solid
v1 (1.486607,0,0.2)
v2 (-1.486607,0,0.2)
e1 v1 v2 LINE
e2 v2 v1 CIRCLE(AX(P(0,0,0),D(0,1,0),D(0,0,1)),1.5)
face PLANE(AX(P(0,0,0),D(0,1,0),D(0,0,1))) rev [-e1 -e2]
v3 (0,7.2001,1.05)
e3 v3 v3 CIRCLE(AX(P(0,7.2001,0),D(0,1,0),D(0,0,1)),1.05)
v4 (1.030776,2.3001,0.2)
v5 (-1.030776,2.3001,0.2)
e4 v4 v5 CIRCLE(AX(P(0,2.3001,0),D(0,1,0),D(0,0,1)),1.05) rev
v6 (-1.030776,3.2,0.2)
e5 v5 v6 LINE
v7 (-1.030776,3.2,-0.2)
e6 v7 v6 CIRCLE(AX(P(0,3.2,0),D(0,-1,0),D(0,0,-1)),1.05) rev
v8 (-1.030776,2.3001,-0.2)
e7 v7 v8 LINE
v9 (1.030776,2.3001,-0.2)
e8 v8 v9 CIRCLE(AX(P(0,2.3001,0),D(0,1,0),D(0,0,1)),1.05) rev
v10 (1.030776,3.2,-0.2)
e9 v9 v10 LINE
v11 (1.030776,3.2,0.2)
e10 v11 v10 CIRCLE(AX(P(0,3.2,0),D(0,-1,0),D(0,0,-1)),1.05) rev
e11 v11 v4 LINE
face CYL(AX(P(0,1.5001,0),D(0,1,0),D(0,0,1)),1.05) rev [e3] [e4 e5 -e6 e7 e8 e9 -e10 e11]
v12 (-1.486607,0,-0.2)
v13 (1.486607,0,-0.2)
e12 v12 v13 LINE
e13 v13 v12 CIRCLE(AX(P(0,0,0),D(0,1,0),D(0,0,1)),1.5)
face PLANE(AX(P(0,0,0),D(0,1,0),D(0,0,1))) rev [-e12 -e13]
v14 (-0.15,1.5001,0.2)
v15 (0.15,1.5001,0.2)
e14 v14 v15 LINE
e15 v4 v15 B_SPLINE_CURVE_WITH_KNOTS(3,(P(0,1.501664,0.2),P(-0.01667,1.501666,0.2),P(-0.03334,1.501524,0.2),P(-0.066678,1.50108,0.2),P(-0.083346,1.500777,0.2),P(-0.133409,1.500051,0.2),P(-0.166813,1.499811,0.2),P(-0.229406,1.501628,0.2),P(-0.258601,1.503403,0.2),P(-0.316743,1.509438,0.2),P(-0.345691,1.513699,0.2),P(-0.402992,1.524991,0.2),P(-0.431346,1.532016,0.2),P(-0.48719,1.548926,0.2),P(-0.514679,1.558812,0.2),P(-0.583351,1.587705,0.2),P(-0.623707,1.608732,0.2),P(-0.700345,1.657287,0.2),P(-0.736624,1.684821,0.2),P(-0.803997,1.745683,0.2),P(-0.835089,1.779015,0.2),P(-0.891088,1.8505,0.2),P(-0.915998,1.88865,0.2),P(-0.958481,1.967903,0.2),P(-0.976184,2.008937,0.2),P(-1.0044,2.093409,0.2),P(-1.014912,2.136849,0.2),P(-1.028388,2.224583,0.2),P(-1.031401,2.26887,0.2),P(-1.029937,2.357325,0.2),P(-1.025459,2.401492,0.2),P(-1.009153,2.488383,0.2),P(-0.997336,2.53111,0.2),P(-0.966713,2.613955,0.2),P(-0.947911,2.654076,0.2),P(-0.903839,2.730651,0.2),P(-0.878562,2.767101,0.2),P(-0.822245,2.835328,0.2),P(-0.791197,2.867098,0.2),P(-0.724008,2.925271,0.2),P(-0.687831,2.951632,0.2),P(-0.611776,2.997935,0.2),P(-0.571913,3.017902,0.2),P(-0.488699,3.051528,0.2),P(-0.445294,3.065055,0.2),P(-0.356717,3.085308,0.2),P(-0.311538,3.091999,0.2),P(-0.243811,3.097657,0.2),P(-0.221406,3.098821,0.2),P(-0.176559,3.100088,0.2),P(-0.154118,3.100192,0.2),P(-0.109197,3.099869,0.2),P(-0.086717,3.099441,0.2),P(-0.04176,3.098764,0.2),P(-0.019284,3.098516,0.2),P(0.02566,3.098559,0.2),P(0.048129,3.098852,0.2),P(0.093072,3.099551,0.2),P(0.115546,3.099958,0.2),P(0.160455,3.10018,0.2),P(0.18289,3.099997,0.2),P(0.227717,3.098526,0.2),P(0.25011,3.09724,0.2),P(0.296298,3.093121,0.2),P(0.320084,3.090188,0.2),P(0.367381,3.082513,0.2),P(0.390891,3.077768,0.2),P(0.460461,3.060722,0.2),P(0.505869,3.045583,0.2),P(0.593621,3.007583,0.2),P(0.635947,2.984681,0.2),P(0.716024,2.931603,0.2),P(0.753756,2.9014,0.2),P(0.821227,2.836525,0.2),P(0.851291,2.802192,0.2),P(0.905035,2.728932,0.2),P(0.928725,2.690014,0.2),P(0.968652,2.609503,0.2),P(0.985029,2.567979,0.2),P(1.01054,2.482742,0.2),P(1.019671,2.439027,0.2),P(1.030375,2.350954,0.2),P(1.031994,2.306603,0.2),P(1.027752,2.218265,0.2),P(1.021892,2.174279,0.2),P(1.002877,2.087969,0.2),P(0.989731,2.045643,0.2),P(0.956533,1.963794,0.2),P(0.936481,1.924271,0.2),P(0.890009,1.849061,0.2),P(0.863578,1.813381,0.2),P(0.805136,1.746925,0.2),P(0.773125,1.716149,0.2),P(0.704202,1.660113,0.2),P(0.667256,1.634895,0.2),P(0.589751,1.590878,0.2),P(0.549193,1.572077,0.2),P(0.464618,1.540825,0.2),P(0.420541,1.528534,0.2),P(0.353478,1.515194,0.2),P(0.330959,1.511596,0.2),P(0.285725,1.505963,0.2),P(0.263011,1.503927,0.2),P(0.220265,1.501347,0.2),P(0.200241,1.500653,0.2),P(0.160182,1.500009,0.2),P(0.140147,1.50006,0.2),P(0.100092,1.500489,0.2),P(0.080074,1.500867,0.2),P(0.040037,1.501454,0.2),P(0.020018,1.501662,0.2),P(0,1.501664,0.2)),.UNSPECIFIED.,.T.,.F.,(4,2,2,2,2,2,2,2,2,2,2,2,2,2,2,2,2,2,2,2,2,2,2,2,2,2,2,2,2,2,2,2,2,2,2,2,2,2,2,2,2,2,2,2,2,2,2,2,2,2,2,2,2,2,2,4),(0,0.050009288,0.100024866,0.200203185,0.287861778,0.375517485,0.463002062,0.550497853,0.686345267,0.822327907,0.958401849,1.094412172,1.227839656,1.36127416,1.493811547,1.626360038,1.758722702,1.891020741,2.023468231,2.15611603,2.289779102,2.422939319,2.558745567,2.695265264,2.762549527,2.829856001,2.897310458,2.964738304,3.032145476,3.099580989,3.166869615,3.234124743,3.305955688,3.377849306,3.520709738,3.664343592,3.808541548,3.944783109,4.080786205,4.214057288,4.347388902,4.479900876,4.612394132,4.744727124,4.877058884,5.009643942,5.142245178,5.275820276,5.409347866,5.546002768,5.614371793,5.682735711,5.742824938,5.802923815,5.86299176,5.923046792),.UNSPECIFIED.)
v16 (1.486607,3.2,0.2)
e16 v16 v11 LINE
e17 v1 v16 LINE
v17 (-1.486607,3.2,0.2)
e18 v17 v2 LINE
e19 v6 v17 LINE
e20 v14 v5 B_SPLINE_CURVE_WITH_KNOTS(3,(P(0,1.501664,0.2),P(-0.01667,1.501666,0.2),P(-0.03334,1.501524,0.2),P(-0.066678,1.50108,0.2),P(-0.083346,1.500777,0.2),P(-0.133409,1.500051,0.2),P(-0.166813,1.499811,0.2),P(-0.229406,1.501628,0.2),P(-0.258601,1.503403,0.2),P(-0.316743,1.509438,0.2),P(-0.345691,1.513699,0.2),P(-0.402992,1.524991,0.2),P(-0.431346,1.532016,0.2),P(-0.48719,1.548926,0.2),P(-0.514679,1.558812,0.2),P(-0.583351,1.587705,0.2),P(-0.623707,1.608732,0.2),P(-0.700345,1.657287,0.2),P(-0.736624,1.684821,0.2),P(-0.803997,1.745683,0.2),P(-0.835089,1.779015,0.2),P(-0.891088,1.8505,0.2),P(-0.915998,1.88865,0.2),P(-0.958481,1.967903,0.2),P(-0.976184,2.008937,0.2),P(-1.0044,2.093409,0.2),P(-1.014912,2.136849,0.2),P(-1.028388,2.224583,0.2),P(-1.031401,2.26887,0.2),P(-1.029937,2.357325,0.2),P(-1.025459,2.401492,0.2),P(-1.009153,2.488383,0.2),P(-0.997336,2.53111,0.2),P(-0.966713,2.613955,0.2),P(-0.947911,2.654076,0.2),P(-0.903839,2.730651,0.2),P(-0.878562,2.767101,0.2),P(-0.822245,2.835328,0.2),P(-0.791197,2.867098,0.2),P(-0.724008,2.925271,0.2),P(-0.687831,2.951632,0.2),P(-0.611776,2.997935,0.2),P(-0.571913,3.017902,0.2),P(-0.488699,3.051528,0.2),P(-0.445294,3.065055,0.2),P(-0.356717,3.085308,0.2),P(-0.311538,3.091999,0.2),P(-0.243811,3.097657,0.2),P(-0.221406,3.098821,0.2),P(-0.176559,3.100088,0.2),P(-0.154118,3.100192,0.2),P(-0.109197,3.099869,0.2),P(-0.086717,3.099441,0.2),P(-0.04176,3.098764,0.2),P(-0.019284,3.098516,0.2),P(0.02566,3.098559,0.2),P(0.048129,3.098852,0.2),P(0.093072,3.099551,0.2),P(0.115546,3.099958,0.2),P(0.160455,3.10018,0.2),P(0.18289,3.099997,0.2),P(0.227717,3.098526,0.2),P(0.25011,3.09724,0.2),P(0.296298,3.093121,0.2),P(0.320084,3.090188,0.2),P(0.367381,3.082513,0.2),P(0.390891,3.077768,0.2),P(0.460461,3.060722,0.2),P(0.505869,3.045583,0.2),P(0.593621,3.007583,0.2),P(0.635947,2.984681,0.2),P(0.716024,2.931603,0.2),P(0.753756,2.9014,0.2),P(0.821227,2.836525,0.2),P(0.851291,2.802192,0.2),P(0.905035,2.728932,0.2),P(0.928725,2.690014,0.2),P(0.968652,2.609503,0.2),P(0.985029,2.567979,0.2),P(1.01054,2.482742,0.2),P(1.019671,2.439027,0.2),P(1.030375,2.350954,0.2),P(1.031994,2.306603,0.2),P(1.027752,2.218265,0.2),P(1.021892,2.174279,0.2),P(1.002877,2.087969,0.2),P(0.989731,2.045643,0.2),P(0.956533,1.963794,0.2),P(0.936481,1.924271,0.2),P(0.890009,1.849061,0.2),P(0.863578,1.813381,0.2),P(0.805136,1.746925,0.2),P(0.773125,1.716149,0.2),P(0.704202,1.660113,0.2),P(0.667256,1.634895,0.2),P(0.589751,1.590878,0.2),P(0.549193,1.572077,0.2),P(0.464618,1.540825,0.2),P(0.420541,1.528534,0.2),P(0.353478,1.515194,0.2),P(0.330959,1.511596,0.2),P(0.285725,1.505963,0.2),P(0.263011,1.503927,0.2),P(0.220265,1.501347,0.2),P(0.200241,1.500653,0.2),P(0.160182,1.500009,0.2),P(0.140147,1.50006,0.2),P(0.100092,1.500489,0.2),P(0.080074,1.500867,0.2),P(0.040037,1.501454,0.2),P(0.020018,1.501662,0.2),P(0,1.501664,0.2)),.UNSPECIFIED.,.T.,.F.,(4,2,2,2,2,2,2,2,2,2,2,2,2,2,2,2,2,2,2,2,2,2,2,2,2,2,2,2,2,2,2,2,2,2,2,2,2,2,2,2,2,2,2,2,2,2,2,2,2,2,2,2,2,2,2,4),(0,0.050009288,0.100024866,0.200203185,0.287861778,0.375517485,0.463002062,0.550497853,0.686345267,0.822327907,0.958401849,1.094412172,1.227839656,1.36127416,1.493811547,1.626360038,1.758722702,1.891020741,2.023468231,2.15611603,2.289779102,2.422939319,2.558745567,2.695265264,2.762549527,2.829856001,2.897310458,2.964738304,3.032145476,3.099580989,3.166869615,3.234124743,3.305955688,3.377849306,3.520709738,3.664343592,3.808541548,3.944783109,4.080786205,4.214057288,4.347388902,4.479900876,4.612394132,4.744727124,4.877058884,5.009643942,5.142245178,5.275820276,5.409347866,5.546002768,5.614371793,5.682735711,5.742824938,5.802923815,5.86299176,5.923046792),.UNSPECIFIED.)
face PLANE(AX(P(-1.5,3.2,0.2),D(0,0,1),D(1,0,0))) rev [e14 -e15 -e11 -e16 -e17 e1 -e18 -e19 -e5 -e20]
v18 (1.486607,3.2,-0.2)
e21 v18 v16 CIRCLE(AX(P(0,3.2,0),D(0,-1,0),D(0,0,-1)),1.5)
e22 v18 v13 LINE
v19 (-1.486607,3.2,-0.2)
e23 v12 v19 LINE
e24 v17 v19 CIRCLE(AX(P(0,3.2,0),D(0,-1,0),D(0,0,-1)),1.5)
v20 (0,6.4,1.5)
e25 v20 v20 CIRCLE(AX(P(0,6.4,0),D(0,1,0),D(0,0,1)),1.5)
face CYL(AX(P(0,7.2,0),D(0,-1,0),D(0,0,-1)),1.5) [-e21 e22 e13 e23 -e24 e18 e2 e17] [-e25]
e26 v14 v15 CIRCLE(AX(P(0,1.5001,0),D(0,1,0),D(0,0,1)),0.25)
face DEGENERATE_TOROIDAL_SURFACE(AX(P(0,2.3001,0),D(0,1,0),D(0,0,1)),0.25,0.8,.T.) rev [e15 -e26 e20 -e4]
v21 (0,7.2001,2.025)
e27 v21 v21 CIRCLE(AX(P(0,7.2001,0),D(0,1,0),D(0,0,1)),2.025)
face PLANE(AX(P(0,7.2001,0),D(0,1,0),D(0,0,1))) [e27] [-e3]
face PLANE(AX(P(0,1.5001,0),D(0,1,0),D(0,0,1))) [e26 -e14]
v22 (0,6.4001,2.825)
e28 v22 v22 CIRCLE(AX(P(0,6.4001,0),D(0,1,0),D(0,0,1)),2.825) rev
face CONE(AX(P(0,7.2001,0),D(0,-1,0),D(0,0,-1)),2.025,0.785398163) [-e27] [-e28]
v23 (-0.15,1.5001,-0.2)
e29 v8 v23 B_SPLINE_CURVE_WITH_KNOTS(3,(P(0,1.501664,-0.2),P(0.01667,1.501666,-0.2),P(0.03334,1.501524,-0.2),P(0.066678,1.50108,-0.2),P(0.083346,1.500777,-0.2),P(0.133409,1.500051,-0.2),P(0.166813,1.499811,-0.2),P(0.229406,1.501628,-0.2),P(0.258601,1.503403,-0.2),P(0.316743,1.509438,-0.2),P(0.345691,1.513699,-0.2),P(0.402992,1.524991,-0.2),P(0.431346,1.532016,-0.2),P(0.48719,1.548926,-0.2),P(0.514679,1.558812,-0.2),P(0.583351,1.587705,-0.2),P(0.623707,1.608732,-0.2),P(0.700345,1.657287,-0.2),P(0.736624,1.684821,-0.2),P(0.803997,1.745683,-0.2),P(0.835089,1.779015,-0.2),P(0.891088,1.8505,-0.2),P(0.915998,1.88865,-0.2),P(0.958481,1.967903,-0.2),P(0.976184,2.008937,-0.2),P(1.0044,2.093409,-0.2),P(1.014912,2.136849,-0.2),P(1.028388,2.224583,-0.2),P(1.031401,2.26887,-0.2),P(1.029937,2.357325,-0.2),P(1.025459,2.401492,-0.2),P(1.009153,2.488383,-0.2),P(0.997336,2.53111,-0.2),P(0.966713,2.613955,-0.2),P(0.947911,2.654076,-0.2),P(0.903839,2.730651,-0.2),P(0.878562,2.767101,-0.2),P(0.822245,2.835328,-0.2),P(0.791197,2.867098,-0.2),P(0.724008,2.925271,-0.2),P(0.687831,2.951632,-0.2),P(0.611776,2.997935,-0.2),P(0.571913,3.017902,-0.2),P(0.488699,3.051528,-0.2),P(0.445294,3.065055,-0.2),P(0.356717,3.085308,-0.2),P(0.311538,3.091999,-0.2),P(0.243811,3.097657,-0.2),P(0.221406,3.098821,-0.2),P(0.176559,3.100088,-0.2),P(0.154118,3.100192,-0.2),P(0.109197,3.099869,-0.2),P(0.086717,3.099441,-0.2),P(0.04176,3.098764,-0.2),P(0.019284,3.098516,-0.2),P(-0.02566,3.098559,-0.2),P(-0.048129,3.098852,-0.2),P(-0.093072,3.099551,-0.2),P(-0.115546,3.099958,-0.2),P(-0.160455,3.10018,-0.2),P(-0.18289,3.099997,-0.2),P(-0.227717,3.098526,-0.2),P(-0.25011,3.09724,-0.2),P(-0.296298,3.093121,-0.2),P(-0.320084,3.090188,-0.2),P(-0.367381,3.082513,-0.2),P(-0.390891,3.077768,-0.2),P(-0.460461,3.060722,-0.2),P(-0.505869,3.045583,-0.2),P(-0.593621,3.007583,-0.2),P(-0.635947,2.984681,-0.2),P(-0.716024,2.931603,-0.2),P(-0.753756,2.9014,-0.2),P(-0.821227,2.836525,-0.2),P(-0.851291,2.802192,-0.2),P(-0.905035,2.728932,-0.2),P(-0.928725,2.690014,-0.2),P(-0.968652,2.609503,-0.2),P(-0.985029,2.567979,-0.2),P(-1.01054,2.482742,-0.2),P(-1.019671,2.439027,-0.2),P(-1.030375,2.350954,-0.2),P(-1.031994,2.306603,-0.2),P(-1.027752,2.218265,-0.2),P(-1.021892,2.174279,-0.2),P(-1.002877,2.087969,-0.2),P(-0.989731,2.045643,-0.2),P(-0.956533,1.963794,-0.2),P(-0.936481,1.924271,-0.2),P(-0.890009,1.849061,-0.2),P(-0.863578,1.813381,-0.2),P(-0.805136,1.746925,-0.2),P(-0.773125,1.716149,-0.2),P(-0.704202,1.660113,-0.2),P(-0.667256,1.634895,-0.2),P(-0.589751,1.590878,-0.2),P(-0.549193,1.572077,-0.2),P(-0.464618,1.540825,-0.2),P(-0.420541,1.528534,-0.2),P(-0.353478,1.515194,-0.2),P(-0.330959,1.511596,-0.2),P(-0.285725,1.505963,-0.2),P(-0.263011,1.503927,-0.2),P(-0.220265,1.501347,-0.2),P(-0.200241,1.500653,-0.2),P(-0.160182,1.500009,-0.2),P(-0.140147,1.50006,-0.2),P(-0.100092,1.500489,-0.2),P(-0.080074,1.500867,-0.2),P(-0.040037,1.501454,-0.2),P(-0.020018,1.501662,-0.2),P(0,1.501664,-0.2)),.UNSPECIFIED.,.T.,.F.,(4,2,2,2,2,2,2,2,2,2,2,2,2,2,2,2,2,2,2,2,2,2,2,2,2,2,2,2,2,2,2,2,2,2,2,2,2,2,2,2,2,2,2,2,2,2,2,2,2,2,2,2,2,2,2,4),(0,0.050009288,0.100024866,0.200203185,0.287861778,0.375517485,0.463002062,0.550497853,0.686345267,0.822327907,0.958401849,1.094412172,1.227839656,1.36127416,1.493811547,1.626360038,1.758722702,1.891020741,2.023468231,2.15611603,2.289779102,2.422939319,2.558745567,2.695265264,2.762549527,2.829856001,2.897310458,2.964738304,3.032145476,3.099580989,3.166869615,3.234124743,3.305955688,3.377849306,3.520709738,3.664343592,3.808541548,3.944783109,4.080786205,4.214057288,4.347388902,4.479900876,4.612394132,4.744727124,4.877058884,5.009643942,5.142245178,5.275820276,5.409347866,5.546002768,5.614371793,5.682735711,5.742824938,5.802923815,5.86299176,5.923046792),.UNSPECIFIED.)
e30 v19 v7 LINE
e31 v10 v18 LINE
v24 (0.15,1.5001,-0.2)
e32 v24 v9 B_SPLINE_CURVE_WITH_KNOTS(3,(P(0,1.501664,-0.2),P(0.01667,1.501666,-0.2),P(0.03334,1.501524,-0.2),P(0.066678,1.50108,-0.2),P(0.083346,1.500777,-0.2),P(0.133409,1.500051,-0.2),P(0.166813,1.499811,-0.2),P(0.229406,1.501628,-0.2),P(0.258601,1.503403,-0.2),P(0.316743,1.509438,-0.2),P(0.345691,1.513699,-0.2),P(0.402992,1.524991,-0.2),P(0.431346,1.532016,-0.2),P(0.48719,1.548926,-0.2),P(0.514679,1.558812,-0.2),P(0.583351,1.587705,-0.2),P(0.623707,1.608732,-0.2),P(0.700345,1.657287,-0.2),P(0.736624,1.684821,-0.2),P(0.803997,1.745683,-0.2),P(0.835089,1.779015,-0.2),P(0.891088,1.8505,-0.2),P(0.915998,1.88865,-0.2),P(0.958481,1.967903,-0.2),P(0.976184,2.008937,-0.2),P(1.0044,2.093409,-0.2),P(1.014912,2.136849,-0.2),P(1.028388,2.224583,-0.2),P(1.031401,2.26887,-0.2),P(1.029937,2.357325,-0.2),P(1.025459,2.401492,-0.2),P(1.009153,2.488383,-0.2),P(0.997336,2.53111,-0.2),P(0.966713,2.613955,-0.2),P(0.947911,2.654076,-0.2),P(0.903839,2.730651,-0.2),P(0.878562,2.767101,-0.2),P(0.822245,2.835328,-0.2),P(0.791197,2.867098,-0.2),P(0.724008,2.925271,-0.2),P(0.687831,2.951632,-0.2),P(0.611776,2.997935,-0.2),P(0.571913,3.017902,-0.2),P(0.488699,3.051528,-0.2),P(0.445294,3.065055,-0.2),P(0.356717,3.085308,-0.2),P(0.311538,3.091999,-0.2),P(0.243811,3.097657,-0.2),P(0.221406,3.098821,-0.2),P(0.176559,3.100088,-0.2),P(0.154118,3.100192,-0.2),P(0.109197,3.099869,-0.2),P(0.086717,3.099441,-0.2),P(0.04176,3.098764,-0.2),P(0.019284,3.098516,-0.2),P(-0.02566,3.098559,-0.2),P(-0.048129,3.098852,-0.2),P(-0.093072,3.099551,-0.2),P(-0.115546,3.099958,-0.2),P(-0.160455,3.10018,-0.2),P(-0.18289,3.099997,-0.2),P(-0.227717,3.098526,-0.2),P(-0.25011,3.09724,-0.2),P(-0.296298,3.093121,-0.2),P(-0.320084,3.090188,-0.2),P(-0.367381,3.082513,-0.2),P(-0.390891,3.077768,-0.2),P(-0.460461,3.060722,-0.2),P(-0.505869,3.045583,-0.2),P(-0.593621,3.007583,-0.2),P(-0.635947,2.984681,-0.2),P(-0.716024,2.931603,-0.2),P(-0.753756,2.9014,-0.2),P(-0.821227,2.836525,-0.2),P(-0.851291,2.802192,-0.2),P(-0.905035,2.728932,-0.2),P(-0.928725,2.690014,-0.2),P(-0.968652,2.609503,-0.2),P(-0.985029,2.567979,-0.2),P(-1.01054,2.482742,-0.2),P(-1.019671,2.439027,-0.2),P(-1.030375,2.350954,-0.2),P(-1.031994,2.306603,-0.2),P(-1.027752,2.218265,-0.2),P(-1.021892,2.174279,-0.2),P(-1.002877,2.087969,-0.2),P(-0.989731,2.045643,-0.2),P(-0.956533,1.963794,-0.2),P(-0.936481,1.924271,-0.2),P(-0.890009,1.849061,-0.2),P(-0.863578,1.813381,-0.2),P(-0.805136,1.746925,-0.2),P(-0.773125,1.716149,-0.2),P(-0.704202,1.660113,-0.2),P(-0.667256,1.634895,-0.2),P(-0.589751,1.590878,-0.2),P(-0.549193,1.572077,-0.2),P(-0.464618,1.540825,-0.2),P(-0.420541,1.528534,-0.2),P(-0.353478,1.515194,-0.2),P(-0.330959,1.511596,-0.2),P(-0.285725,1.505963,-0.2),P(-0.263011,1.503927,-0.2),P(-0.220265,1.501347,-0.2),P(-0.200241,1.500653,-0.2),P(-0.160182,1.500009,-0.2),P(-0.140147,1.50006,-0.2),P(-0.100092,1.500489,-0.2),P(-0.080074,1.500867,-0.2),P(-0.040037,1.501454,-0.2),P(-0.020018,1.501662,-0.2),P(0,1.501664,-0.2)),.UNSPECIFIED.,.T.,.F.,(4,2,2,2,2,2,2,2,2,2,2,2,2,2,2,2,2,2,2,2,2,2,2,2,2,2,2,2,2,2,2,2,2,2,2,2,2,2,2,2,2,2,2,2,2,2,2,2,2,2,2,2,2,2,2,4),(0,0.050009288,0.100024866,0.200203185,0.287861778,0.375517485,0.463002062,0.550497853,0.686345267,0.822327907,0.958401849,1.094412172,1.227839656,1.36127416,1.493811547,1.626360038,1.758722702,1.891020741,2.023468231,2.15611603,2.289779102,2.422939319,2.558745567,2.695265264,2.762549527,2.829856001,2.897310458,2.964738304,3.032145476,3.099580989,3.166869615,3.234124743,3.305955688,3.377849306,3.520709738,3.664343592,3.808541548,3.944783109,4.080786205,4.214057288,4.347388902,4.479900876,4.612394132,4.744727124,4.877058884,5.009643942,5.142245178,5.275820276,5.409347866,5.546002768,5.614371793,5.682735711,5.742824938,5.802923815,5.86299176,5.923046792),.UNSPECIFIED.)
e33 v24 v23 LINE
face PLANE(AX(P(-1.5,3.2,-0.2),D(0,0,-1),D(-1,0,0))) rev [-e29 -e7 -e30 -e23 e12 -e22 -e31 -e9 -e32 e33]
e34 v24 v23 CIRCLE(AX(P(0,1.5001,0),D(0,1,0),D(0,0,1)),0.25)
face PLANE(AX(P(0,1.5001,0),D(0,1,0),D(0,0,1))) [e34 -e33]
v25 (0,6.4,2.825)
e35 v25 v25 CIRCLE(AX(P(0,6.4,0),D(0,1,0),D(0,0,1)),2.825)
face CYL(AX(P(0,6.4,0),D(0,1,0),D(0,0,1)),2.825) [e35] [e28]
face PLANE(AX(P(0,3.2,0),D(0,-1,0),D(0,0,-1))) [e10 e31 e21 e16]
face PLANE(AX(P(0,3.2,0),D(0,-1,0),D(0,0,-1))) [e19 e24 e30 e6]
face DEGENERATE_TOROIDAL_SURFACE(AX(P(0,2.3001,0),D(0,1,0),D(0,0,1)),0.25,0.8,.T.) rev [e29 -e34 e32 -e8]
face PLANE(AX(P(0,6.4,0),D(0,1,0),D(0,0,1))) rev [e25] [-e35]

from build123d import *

# Parameters (mm, degrees)
CROQUIS1_R                   = 1.5
SALIENTE_EXTRUIR1_DEPTH      = 7.2
SALIENTE_EXTRUIR2_DEPTH      = 0.0001
SALIENTE_EXTRUIR2_DEPTH_BACK = 0.8
CROQUIS2_R                   = 2.825
CHAFL_N1_SIZE                = 0.8
CROQUIS3_R                   = 1.05
CORTAR_EXTRUIR1_DEPTH        = 5.7
REDONDEO2_R                  = 0.8
CROQUIS6_W                   = 3
CROQUIS6_H                   = 0.4
CORTAR_EXTRUIR4_DEPTH        = 3.2


with BuildPart() as part:
    # Croquis1 → Saliente-Extruir1 (new body)
    with BuildSketch(Plane(origin=(0, 0, 0), x_dir=(1, 0, 0), z_dir=(0, 1, 0))):
        with Locations(Location((0, 0, 0), (0, 0, 270))):
            Circle(CROQUIS1_R)
    extrude(amount=SALIENTE_EXTRUIR1_DEPTH)

    # Croquis2 → Saliente-Extruir2 (add, two sides: drawn at the far end of the back side and taken through both)
    with BuildSketch(Plane(origin=(0, 7.2, 0), x_dir=(1, 0, 0), z_dir=(0, 1, 0)).offset(-SALIENTE_EXTRUIR2_DEPTH_BACK)):
        with Locations(Location((0, 0, 0), (0, 0, 270))):
            Circle(CROQUIS2_R)
    extrude(amount=SALIENTE_EXTRUIR2_DEPTH + SALIENTE_EXTRUIR2_DEPTH_BACK)

    # Chaflán1
    chafl_n1_edges = [part.edges().sort_by_distance(p)[0] for p in [
        (0, 7.2001, -2.825),
    ]]
    chamfer(chafl_n1_edges, length=CHAFL_N1_SIZE)

    # Croquis3 → Cortar-Extruir1 (cut)
    with BuildSketch(Plane(origin=(0, 7.2001, 0), x_dir=(1, 0, 0), z_dir=(0, 1, 0))):
        with Locations(Location((0, 0, 0), (0, 0, 270))):
            Circle(CROQUIS3_R)
    extrude(amount=-CORTAR_EXTRUIR1_DEPTH, mode=Mode.SUBTRACT)

    # Redondeo2
    redondeo2_edges = [part.edges().sort_by_distance(p)[0] for p in [
        (0, 1.5001, -1.05),
    ]]
    fillet(redondeo2_edges, radius=REDONDEO2_R)

    # Croquis6 → Cortar-Extruir4 (cut)
    with BuildSketch(Plane(origin=(0, 0, 0), x_dir=(-1, 0, 0), z_dir=(0, -1, 0))):
        Rectangle(CROQUIS6_W, CROQUIS6_H)
    extrude(amount=-CORTAR_EXTRUIR4_DEPTH, mode=Mode.SUBTRACT)


solid = part.part
